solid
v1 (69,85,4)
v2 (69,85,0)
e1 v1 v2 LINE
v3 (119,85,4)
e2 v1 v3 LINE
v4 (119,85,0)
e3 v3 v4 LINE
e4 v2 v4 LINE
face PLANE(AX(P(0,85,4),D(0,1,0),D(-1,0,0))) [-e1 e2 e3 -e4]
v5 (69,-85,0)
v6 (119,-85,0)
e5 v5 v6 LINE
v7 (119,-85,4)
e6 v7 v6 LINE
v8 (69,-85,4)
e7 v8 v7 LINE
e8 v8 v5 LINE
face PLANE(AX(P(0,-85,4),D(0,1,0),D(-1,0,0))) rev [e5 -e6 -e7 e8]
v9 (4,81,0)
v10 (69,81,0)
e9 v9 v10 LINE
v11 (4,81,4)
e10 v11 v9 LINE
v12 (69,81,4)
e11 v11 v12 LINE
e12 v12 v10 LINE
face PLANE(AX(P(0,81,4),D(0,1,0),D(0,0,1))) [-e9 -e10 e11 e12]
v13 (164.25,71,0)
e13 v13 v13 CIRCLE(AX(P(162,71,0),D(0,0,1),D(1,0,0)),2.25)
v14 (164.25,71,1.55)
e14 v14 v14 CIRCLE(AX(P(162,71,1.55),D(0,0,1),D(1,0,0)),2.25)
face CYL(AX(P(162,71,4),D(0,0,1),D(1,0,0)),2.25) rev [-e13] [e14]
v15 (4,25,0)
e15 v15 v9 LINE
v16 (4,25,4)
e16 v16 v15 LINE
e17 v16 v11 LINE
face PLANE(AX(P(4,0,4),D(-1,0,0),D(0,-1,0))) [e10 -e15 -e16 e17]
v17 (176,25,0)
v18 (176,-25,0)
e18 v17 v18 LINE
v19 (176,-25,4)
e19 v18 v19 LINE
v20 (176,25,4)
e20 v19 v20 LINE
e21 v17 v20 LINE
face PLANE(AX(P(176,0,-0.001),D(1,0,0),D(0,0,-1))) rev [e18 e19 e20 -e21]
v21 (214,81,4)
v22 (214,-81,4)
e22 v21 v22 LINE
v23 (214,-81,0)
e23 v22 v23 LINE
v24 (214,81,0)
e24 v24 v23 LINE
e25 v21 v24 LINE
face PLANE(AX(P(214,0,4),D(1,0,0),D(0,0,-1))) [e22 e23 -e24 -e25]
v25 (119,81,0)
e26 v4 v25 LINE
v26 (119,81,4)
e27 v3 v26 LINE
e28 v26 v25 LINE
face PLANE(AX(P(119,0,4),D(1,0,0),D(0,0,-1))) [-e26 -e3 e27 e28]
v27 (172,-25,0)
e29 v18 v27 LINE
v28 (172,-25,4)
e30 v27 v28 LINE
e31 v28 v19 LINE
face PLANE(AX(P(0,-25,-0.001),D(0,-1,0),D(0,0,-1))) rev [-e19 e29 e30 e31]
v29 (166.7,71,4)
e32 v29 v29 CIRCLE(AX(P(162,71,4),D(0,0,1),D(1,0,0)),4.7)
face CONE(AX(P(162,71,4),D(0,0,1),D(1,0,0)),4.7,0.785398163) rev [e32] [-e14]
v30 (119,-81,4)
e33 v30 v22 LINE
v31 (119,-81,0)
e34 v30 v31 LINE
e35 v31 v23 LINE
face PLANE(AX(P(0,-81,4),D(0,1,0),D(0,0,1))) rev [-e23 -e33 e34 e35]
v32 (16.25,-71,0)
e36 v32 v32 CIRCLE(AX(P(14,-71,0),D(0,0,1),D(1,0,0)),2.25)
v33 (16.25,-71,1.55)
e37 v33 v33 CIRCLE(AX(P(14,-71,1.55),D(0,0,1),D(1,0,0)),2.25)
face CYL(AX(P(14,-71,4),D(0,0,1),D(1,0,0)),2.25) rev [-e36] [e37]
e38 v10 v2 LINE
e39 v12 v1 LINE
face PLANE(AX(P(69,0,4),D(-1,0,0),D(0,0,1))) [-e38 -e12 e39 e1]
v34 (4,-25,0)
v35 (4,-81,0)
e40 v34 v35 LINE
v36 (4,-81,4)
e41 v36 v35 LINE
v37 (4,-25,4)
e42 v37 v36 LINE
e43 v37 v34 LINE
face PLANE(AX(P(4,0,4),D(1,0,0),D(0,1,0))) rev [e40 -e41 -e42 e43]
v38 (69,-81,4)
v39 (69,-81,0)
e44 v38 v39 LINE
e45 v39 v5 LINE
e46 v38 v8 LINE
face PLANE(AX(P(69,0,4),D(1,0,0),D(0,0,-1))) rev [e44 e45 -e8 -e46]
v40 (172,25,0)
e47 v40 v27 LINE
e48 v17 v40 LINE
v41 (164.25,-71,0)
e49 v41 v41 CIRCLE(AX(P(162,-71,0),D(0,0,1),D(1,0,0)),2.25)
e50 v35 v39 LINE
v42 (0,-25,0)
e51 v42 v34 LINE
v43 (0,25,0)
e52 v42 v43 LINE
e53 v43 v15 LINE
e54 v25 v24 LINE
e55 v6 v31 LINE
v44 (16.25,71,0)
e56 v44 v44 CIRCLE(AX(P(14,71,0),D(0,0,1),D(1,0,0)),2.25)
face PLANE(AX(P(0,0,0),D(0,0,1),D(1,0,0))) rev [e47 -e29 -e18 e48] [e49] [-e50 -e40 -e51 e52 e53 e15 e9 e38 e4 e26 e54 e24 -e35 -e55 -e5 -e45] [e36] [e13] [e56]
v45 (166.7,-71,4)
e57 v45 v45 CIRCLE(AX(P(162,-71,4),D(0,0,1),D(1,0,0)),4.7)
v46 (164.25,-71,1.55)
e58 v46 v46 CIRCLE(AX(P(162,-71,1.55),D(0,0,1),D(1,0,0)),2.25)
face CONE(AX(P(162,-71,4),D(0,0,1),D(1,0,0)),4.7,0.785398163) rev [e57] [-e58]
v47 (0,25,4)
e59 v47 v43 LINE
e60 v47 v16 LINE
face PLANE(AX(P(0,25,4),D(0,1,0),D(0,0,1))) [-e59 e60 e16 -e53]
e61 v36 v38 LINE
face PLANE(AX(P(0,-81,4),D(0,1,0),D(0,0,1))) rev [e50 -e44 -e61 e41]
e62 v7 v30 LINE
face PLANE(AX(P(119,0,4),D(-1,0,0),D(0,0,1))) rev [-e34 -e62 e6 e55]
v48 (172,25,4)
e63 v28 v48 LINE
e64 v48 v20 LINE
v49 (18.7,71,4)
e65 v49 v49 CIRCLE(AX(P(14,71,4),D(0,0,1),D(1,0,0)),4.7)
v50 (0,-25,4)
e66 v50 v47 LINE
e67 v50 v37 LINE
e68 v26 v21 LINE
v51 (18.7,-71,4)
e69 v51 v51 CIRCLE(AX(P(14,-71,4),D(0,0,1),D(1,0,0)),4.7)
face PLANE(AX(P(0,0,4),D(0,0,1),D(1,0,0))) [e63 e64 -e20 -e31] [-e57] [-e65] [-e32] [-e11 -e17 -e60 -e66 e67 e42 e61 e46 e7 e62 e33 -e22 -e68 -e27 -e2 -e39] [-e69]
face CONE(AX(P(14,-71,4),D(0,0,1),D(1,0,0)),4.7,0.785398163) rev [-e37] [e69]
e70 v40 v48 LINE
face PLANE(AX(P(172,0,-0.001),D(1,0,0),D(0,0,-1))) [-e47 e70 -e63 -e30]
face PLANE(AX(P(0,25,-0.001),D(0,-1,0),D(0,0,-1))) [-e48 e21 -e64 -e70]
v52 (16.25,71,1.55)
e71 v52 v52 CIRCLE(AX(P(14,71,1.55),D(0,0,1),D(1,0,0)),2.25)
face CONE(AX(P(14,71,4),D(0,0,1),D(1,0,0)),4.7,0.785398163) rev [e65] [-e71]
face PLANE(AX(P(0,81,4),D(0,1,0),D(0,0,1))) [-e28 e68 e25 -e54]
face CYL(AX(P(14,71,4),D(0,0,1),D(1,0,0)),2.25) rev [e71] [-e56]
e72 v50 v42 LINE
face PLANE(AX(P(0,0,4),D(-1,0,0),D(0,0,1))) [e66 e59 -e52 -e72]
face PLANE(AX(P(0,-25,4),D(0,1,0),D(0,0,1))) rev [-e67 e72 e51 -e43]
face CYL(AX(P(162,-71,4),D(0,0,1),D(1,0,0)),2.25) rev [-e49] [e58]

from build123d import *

# Parameters (mm, degrees)
BOSS_EXTRUDE1_DEPTH                          = 4
CUT_EXTRUDE1_REACH                           = 232.298
SKETCH2_W                                    = 4
SKETCH2_H                                    = 50
CSK_FOR_M4_COUNTERSUNK_FLAT_HEAD_SCR_2_COUNT = 2
CSK_FOR_M4_COUNTERSUNK_FLAT_HEAD_SCR_2_PITCH = 148
CSK_FOR_M4_COUNTERSUNK_FLAT_HEAD_SCR_3_COUNT = 2
CSK_FOR_M4_COUNTERSUNK_FLAT_HEAD_SCR_3_PITCH = 205.104851235
CSK_FOR_M4_COUNTERSUNK_FLAT_HEAD_SCR_4_COUNT = 2
CSK_FOR_M4_COUNTERSUNK_FLAT_HEAD_SCR_4_PITCH = 142


with BuildPart() as part:
    # Sketch1 → Boss-Extrude1 (new body)
    with BuildSketch(Plane.XY):
        Polygon((0, 25), (0, 0), (214, 0), (214, 81), (119, 81), (119, 85), (69, 85), (69, 81), (4, 81), (4, 25), align=None)
        Polygon((0, 0), (0, -25), (4, -25), (4, -81), (69, -81), (69, -85), (119, -85), (119, -81), (214, -81), (214, 0), align=None)
    extrude(amount=BOSS_EXTRUDE1_DEPTH)

    # Sketch2 → Cut-Extrude1 (cut, up to next)
    with BuildSketch(Plane.XY.offset(4), mode=Mode.PRIVATE) as cut_extrude1_sk1:
        with Locations((174, 0)):
            Rectangle(SKETCH2_W, SKETCH2_H)
    cut_extrude1_tool1 = extrude(cut_extrude1_sk1.sketch, amount=-CUT_EXTRUDE1_REACH, mode=Mode.PRIVATE) & part.part
    add(cut_extrude1_tool1.solids().sort_by_distance((174, 0, 4))[0], mode=Mode.SUBTRACT)

    # Sketch4 → CSK for M4 Countersunk Flat Head Screw1 (revolve, cut)
    with BuildSketch(Plane(origin=(14, 71, 4), x_dir=(0, -1, 0), z_dir=(1, 0, 0))):
        Polygon((0, 0), (0, 4), (2.25, 4), (2.25, 2.45), (4.7, 0), align=None)
    csk_for_m4_countersunk_flat_head_screw1 = revolve(axis=Axis((14, 71, 10.35), (0, 0, -1)), mode=Mode.SUBTRACT)

    # CSK for M4 Countersunk Flat Head Scr 2: CSK for M4 Countersunk Flat Head Screw1 ×2
    with Locations(*[(i * CSK_FOR_M4_COUNTERSUNK_FLAT_HEAD_SCR_2_PITCH, 0, 0) for i in range(1, CSK_FOR_M4_COUNTERSUNK_FLAT_HEAD_SCR_2_COUNT)]):
        add(csk_for_m4_countersunk_flat_head_screw1, mode=Mode.SUBTRACT)

    # CSK for M4 Countersunk Flat Head Scr 3: CSK for M4 Countersunk Flat Head Screw1 ×2
    with Locations(*[Vector(0.7215821522946791, -0.6923288217962462, 0) * (i * CSK_FOR_M4_COUNTERSUNK_FLAT_HEAD_SCR_3_PITCH) for i in range(1, CSK_FOR_M4_COUNTERSUNK_FLAT_HEAD_SCR_3_COUNT)]):
        add(csk_for_m4_countersunk_flat_head_screw1, mode=Mode.SUBTRACT)

    # CSK for M4 Countersunk Flat Head Scr 4: CSK for M4 Countersunk Flat Head Screw1 ×2
    with Locations(*[(0, -i * CSK_FOR_M4_COUNTERSUNK_FLAT_HEAD_SCR_4_PITCH, 0) for i in range(1, CSK_FOR_M4_COUNTERSUNK_FLAT_HEAD_SCR_4_COUNT)]):
        add(csk_for_m4_countersunk_flat_head_screw1, mode=Mode.SUBTRACT)


solid = part.part
